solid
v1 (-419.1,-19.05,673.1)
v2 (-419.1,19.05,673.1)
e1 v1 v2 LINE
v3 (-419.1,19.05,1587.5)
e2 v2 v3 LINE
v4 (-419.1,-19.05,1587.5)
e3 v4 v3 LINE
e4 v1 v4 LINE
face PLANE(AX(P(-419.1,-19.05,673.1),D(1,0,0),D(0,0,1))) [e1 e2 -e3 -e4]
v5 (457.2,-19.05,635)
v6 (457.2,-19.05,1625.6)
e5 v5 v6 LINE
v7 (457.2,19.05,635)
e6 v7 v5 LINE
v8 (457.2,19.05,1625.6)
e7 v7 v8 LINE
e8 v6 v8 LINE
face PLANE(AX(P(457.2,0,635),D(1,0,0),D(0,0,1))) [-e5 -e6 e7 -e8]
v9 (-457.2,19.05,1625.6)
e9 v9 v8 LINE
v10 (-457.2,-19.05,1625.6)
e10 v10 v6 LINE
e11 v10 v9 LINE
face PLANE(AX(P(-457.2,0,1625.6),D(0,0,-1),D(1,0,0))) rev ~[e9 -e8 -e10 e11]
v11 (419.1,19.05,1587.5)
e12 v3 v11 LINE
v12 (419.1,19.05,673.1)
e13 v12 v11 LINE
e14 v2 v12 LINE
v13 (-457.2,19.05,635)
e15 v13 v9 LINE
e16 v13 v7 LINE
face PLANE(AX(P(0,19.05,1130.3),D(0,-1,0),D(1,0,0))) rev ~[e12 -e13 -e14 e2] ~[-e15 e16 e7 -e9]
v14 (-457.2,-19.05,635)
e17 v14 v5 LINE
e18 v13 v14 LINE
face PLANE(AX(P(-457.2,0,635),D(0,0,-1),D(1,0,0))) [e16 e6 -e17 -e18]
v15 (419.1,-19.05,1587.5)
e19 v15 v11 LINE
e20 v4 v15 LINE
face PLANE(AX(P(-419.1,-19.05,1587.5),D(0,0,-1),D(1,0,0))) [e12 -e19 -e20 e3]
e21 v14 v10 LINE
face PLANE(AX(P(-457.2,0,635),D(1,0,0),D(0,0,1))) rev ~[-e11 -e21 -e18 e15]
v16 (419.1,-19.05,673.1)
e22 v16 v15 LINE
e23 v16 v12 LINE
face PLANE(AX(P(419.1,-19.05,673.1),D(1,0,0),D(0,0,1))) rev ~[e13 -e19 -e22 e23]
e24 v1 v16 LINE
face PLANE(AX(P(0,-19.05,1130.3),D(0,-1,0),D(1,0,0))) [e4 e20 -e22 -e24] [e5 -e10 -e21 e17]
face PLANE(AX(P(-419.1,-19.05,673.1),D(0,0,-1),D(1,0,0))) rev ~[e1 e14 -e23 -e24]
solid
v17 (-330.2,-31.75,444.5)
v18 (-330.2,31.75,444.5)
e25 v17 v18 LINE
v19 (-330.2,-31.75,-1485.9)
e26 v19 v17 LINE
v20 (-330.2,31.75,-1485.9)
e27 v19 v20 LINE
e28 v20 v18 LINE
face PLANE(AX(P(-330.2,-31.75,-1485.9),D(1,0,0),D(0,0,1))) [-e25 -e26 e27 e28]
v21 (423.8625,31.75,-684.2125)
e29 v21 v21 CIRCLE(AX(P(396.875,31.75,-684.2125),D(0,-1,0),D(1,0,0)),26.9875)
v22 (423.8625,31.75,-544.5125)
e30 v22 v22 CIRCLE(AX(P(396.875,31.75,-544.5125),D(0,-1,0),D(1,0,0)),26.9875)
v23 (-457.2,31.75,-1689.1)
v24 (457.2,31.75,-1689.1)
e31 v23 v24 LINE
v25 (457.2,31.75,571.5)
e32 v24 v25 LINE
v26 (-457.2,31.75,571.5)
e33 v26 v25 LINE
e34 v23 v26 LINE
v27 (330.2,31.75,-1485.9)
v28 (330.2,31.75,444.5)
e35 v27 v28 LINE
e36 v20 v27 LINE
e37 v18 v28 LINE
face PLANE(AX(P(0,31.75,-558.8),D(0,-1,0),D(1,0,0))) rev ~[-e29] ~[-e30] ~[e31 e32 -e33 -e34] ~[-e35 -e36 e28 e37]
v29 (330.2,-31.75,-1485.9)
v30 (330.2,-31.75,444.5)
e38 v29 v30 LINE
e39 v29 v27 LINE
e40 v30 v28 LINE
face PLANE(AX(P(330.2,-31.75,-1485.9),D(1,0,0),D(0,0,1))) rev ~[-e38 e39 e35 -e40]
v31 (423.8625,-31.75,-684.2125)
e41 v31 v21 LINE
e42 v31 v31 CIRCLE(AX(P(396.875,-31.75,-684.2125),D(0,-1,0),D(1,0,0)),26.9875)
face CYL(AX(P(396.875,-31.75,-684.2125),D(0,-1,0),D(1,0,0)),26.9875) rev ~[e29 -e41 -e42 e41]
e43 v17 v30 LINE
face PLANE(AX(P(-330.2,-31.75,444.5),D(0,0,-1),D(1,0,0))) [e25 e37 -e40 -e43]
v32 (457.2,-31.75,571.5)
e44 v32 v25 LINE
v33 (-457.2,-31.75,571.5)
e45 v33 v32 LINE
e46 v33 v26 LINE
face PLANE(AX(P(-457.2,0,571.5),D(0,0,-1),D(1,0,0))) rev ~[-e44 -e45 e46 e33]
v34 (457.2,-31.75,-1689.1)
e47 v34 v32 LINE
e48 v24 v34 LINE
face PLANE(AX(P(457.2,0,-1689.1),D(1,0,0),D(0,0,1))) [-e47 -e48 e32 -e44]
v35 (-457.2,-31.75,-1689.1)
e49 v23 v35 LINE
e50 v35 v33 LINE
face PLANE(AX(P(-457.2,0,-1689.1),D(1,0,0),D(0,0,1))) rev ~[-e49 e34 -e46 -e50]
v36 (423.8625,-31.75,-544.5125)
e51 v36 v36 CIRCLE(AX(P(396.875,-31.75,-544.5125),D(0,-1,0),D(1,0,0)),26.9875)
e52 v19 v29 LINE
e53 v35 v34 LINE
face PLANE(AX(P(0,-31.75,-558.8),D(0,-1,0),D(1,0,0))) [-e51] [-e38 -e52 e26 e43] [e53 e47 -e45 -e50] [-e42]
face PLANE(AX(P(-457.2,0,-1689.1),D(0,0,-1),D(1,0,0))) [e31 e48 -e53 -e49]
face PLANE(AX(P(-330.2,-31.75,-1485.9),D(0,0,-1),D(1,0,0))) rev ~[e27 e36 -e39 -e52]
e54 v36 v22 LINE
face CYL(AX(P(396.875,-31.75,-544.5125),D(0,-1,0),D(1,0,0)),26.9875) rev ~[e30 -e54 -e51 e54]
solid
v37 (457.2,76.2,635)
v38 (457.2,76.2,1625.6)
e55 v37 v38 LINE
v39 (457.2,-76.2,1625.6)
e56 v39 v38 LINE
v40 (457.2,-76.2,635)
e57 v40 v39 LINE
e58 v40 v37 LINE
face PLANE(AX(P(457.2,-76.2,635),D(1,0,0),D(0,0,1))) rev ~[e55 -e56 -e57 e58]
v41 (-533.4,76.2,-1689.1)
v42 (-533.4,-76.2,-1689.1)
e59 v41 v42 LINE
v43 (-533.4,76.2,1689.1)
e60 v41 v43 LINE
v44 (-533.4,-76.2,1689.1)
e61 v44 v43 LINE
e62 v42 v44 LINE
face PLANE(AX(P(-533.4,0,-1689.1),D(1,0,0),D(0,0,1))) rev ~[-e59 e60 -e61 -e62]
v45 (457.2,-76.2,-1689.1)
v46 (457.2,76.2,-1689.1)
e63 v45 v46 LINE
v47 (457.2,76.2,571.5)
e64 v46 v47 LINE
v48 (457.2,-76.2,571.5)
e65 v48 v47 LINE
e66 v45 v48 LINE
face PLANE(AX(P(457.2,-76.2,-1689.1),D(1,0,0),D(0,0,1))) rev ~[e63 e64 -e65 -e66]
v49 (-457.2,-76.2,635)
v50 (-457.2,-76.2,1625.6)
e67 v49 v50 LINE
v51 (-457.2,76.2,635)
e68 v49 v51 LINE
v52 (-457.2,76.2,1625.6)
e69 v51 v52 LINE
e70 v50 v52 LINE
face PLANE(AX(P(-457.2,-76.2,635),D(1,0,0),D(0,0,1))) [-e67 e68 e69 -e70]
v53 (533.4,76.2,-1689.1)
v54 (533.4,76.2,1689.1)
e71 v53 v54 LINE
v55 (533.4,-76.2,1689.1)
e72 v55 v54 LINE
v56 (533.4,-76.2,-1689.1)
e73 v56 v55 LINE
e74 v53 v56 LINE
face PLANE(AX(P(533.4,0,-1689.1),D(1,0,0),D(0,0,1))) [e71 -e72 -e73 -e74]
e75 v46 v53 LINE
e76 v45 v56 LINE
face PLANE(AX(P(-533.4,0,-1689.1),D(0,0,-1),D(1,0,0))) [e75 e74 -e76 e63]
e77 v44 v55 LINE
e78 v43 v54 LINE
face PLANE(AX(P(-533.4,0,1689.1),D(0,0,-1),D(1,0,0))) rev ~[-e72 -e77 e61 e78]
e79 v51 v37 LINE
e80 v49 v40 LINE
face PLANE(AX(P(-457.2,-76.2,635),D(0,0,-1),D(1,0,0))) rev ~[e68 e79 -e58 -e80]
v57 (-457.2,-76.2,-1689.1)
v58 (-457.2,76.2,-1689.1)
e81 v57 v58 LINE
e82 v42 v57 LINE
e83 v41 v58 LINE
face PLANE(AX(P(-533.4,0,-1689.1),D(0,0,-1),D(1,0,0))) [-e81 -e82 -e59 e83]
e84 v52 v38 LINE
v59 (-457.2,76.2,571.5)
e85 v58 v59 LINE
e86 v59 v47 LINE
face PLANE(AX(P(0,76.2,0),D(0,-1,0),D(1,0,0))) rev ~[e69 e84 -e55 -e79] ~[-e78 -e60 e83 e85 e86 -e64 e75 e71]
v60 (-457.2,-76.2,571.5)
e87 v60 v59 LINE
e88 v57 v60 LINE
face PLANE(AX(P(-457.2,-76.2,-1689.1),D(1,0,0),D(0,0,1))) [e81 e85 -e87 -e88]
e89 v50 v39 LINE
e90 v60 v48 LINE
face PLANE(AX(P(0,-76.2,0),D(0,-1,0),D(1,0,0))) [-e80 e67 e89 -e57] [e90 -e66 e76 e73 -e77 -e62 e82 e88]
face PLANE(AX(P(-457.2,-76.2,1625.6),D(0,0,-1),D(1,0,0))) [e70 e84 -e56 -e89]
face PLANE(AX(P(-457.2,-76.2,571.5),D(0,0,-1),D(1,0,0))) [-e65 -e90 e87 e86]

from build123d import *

# Parameters (mm, degrees)
F0_W      = 1066.8
F0_H      = 3378.2
F1_DEPTH  = 76.2
F2_W      = 914.4
F2_H      = 2260.6
F2_H_2    = 990.6
F3_DEPTH  = 152.401
F4_W      = 914.4
F4_H      = 990.6
F5_DEPTH  = 19.05
F6_W      = 914.4
F6_H      = 2260.6
F7_DEPTH  = 31.75
F8_W      = 660.4
F8_H      = 1930.4
F9_DEPTH  = 107.951
F10_W     = 838.2
F10_H     = 914.4
F11_DEPTH = 95.251
F12_R     = 26.9875
F13_DEPTH = 107.951


with BuildPart() as f1:
    # F0 (on Front) → F1 (new body, symmetric)
    with BuildSketch(Plane.XZ):
        Rectangle(F0_W, F0_H)
    extrude(amount=F1_DEPTH, both=True)

    # F2 (on face) → F3 (cut, through all)
    with BuildSketch(Plane.XZ.offset(76.2)):
        with Locations((0, -558.8)):
            Rectangle(F2_W, F2_H)
        with Locations((0, 1130.3)):
            Rectangle(F2_W, F2_H_2)
    extrude(amount=-F3_DEPTH, mode=Mode.SUBTRACT)


with BuildPart() as f5:
    # F4 (on Front) → F5 (new body, symmetric)
    with BuildSketch(Plane.XZ):
        with Locations((0, 1130.3)):
            Rectangle(F4_W, F4_H)
    extrude(amount=F5_DEPTH, both=True)

    # F10 (on face) → F11 (cut, through all)
    with BuildSketch(Plane.XZ.offset(19.05)):
        with Locations((0, 1130.3)):
            Rectangle(F10_W, F10_H)
    extrude(amount=-F11_DEPTH, mode=Mode.SUBTRACT)


with BuildPart() as f7:
    # F6 (on Front) → F7 (new body, symmetric)
    with BuildSketch(Plane.XZ):
        with Locations((0, -558.8)):
            Rectangle(F6_W, F6_H)
    extrude(amount=F7_DEPTH, both=True)

    # F8 (on face) → F9 (cut, through all)
    with BuildSketch(Plane.XZ.offset(31.75)):
        with Locations((0, -520.7)):
            Rectangle(F8_W, F8_H)
    extrude(amount=-F9_DEPTH, mode=Mode.SUBTRACT)

    # F12 (on face) → F13 (cut, through all)
    with BuildSketch(Plane.XZ.offset(31.75)):
        with Locations((396.875, -684.2125)):
            Circle(F12_R)
        with Locations((396.875, -544.5125)):
            Circle(F12_R)
    extrude(amount=-F13_DEPTH, mode=Mode.SUBTRACT)


solid = Compound([f1.part, f5.part, f7.part])
